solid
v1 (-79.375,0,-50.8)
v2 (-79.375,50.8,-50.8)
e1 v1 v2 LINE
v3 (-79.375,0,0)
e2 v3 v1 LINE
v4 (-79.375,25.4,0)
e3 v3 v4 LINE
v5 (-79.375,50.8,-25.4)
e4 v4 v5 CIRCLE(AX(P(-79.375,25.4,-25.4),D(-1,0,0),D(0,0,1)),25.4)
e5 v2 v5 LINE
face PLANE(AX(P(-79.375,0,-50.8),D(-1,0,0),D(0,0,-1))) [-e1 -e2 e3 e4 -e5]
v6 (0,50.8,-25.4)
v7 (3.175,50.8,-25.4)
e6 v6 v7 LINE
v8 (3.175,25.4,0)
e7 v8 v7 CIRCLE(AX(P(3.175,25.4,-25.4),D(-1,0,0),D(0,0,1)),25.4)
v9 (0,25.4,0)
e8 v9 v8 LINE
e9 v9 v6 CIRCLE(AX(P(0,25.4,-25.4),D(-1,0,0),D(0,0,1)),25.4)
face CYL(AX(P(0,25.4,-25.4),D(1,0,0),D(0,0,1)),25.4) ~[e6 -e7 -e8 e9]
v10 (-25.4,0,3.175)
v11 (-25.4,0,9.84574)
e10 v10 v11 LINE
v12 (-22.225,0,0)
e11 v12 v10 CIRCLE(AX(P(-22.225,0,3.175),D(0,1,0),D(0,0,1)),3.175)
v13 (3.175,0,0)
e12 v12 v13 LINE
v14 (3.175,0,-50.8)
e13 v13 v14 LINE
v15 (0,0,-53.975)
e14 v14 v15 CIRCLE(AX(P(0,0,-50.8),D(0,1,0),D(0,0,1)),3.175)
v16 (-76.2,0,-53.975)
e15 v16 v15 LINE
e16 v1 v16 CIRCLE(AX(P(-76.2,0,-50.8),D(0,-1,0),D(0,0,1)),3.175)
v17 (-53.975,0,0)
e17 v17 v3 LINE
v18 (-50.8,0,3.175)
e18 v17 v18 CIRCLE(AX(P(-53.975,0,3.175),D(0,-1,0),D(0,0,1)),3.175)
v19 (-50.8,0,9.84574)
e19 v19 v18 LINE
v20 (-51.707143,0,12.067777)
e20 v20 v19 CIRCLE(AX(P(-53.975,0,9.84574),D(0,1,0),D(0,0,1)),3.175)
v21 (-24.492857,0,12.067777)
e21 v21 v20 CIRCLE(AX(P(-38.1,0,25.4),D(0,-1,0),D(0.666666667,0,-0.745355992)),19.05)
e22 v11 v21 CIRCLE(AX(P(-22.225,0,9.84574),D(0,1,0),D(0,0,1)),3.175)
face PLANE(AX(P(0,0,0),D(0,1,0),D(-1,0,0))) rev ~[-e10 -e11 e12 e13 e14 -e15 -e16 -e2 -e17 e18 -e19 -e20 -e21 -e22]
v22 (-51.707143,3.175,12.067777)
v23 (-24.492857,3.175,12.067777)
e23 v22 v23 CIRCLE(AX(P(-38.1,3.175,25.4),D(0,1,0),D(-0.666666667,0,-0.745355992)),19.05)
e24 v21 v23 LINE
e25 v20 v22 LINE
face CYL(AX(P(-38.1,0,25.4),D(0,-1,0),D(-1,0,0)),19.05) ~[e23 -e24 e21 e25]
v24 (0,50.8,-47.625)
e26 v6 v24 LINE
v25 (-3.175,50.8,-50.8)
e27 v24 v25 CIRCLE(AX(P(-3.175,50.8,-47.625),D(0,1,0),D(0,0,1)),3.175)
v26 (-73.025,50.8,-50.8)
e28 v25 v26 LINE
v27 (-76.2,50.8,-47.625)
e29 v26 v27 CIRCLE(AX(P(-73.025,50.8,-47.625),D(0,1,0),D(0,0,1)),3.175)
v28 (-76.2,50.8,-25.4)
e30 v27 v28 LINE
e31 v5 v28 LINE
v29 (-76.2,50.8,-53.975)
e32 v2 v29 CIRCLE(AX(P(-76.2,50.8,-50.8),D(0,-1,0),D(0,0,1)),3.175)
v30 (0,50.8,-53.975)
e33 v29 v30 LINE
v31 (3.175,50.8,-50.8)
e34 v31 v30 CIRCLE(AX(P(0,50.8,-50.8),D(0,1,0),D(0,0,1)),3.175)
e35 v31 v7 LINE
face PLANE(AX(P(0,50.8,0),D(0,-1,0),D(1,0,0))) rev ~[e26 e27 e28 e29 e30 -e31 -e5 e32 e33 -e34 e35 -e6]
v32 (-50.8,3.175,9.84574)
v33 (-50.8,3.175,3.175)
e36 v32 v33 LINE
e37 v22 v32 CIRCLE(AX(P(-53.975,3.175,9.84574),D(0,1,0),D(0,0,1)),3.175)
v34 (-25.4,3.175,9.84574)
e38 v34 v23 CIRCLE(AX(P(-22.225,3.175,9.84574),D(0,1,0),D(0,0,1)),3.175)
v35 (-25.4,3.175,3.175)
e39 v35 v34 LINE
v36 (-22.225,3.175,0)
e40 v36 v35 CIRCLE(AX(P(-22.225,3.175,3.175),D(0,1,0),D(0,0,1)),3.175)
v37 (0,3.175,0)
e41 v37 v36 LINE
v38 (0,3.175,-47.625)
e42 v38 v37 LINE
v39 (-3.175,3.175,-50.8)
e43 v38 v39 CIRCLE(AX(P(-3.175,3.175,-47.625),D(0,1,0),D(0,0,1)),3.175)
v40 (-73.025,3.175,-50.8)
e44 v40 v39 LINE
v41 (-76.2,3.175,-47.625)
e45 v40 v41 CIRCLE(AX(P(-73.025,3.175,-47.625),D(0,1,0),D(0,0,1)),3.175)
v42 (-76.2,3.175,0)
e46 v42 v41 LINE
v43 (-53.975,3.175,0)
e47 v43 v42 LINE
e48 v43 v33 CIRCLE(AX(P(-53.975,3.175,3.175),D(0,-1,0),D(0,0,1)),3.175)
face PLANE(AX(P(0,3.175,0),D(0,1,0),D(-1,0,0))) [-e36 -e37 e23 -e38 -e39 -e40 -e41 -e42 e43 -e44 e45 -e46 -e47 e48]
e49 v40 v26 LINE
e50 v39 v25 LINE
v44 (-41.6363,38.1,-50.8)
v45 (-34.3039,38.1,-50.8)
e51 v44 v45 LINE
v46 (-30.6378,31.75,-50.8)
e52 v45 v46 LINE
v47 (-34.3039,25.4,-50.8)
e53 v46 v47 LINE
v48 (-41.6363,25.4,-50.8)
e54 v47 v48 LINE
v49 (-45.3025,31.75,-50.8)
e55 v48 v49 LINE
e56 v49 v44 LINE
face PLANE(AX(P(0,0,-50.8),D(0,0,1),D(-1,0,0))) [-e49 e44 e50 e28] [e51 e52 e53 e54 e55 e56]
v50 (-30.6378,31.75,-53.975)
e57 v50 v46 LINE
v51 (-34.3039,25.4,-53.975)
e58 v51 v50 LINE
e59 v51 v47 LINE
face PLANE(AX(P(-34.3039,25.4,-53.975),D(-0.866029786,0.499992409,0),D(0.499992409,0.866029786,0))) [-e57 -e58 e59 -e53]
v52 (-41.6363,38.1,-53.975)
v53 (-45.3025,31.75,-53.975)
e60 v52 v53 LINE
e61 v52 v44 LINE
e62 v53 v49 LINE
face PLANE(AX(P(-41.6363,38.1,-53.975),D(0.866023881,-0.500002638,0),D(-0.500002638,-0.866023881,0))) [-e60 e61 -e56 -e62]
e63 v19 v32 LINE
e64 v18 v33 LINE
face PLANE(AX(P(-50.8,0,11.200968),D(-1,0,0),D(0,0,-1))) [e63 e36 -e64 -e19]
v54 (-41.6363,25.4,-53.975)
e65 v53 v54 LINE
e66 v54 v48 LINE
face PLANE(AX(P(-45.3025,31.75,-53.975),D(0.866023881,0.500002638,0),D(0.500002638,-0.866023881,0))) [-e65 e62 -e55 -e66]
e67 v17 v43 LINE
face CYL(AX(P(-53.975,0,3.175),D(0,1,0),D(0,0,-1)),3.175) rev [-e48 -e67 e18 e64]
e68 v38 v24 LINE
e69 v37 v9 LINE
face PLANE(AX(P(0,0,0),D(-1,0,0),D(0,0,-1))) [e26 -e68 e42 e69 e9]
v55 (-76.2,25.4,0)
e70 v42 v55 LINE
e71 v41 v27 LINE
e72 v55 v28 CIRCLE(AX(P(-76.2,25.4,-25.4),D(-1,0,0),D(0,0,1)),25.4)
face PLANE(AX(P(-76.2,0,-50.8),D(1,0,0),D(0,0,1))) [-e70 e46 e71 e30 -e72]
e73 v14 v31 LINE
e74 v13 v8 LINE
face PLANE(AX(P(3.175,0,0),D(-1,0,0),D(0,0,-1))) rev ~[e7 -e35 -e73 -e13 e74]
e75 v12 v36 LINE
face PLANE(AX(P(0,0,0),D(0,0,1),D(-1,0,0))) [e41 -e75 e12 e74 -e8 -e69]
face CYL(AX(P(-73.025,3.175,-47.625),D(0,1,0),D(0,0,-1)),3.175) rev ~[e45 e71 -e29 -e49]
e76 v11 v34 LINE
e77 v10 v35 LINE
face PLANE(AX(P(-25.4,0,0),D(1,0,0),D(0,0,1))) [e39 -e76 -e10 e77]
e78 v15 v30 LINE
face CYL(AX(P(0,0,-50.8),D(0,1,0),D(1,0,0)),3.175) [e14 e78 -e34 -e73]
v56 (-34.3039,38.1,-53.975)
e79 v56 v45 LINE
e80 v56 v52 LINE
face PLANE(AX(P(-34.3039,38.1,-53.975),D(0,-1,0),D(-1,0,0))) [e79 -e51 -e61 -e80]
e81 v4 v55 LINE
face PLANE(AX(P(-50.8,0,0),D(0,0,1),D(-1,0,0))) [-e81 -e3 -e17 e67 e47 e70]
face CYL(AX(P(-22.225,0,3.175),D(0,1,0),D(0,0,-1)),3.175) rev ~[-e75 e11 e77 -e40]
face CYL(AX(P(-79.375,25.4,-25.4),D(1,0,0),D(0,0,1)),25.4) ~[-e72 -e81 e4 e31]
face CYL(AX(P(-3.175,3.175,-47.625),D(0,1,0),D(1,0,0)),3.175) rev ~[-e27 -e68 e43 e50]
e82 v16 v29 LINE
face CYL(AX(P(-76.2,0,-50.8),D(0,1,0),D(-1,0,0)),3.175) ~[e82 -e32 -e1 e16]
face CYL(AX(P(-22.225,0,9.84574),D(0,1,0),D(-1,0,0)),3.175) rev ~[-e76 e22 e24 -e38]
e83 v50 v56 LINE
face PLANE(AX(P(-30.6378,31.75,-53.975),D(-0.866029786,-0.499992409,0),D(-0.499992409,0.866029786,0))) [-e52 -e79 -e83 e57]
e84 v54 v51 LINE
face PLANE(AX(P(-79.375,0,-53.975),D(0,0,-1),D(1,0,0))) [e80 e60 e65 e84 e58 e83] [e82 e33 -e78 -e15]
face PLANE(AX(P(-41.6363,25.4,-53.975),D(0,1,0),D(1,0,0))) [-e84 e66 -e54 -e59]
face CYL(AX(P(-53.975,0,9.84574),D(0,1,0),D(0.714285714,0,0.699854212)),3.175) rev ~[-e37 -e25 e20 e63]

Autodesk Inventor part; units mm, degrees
ref_plane "YZ Plane" through (0, 0, 0) normal (1, 0, 0) x (0, 1, 0)
ref_plane "XZ Plane" through (0, 0, 0) normal (0, 1, 0) x (-1, 0, 0)
ref_plane "XY Plane" through (0, 0, 0) normal (0, 0, 1) x (1, 0, 0)
sketch "Sketch1" plane through (0, 0, 0) normal (0, 1, 0) x (-1, 0, 0)
  line L0 (0, 0) -> (76.2, 0)
  line L1 (76.2, 0) -> (76.2, -50.8)
  line L2 (76.2, -50.8) -> (0, -50.8)
  line L3 (0, -50.8) -> (0, 0)
  line L4 (50.8, 0) -> (25.4, 0)
  line L5 (25.4, 0) -> (25.4, 25.4)
  line L6 (25.4, 25.4) -> (50.8, 25.4)
  line L7 (50.8, 25.4) -> (50.8, 0)
  circle A0 centre (38.1, 25.4) radius 19.05
  point P0 (52.299, 0)
  point P1 (23.901, 0)
  point P2 (50.8, 11.201)
  point P3 (25.4, 11.201)
  dimension "d0" = 76.2
  dimension "d1" = 50.8
  dimension "d2" = 25.4
  dimension "d3" = 25.4
  dimension "d4" = 25.4
  dimension "d5" = 38.1
extrude "Extrusion2" add sketch "Sketch1" along normal blind 3.175
fillet "Fillet2" radius 3.175 4 edges at (-50.8, 1.5875, 11.201) (-50.8, 1.5875, 0) (-25.4, 1.5875, 0) (-25.4, 1.5875, 11.201)
sketch "Sketch2" plane through (0, 0, 0) normal (0, -1, 0) x (1, 0, 0)
  line L0 (0, 0) -> (0, -50.8) projected
  line L1 (0, 0) -> (3.175, 0)
  line L2 (3.175, 0) -> (3.175, -50.8)
  line L3 (3.175, -50.8) -> (0, -50.8)
  line L4 (0, -50.8) -> (0, 0)
  line L5 (-76.2, -50.8) -> (-76.2, 0) projected
  line L6 (-76.2, -50.8) -> (-79.375, -50.8)
  line L7 (-79.375, -50.8) -> (-79.375, 0)
  line L8 (-79.375, 0) -> (-76.2, 0)
  line L9 (-76.2, 0) -> (-76.2, -50.8)
  line L10 (3.175, -50.8) -> (-79.375, -50.8)
  line L11 (-79.375, -50.8) -> (-79.375, -53.975)
  line L12 (-79.375, -53.975) -> (3.175, -53.975)
  line L13 (3.175, -53.975) -> (3.175, -50.8)
  dimension "d12" = 3.175
  dimension "d13" = 3.175
  dimension "d14" = 3.175
extrude "Extrusion3" add sketch "Sketch2" against normal blind 50.8
fillet "Fillet3" radius 3.175 4 edges at (3.175, 25.4, -53.975) (-79.375, 25.4, -53.975) (-76.2, 26.9875, -50.8) (0, 26.9875, -50.8)
fillet "Fillet4" radius 25.4 2 edges at (1.5875, 50.8, 0) (-77.7875, 50.8, 0)
ref_plane "Work Plane1" through (-38.1, 0, 0) normal (1, 0, 0) x (0, 0, -1)
sketch "Sketch5" plane through (0, 0, -53.975) normal (0, 0, -1) x (-1, 0, 0)
  line L0 (76.2, 50.8) -> (76.2, 0) projected
  line L1 (0, 50.8) -> (76.2, 50.8) projected
  line L2 (0, 0) -> (0, 50.8) projected
  line L3 (76.2, 0) -> (0, 0) projected
  line L4 (34.3039, 38.1) -> (41.6363, 38.1)
  line L5 (41.6363, 38.1) -> (45.3025, 31.75)
  line L6 (45.3025, 31.75) -> (41.6363, 25.4)
  line L7 (41.6363, 25.4) -> (34.3039, 25.4)
  line L8 (34.3039, 25.4) -> (30.6378, 31.75)
  line L9 (30.6378, 31.75) -> (34.3039, 38.1)
  line L10 (0, 50.8) -> (76.2, 50.8) projected
  point P0 (0, 0)
  point P1 (37.9701, 31.75)
  dimension "d27" = 12.7
  dimension "d28" = 12.7
extrude "Extrusion6" cut sketch "Sketch5" against normal blind 25.4 contours L4 L5 L6 L7 L8 L9
properties part number "Prototype Base_3DPrint"
